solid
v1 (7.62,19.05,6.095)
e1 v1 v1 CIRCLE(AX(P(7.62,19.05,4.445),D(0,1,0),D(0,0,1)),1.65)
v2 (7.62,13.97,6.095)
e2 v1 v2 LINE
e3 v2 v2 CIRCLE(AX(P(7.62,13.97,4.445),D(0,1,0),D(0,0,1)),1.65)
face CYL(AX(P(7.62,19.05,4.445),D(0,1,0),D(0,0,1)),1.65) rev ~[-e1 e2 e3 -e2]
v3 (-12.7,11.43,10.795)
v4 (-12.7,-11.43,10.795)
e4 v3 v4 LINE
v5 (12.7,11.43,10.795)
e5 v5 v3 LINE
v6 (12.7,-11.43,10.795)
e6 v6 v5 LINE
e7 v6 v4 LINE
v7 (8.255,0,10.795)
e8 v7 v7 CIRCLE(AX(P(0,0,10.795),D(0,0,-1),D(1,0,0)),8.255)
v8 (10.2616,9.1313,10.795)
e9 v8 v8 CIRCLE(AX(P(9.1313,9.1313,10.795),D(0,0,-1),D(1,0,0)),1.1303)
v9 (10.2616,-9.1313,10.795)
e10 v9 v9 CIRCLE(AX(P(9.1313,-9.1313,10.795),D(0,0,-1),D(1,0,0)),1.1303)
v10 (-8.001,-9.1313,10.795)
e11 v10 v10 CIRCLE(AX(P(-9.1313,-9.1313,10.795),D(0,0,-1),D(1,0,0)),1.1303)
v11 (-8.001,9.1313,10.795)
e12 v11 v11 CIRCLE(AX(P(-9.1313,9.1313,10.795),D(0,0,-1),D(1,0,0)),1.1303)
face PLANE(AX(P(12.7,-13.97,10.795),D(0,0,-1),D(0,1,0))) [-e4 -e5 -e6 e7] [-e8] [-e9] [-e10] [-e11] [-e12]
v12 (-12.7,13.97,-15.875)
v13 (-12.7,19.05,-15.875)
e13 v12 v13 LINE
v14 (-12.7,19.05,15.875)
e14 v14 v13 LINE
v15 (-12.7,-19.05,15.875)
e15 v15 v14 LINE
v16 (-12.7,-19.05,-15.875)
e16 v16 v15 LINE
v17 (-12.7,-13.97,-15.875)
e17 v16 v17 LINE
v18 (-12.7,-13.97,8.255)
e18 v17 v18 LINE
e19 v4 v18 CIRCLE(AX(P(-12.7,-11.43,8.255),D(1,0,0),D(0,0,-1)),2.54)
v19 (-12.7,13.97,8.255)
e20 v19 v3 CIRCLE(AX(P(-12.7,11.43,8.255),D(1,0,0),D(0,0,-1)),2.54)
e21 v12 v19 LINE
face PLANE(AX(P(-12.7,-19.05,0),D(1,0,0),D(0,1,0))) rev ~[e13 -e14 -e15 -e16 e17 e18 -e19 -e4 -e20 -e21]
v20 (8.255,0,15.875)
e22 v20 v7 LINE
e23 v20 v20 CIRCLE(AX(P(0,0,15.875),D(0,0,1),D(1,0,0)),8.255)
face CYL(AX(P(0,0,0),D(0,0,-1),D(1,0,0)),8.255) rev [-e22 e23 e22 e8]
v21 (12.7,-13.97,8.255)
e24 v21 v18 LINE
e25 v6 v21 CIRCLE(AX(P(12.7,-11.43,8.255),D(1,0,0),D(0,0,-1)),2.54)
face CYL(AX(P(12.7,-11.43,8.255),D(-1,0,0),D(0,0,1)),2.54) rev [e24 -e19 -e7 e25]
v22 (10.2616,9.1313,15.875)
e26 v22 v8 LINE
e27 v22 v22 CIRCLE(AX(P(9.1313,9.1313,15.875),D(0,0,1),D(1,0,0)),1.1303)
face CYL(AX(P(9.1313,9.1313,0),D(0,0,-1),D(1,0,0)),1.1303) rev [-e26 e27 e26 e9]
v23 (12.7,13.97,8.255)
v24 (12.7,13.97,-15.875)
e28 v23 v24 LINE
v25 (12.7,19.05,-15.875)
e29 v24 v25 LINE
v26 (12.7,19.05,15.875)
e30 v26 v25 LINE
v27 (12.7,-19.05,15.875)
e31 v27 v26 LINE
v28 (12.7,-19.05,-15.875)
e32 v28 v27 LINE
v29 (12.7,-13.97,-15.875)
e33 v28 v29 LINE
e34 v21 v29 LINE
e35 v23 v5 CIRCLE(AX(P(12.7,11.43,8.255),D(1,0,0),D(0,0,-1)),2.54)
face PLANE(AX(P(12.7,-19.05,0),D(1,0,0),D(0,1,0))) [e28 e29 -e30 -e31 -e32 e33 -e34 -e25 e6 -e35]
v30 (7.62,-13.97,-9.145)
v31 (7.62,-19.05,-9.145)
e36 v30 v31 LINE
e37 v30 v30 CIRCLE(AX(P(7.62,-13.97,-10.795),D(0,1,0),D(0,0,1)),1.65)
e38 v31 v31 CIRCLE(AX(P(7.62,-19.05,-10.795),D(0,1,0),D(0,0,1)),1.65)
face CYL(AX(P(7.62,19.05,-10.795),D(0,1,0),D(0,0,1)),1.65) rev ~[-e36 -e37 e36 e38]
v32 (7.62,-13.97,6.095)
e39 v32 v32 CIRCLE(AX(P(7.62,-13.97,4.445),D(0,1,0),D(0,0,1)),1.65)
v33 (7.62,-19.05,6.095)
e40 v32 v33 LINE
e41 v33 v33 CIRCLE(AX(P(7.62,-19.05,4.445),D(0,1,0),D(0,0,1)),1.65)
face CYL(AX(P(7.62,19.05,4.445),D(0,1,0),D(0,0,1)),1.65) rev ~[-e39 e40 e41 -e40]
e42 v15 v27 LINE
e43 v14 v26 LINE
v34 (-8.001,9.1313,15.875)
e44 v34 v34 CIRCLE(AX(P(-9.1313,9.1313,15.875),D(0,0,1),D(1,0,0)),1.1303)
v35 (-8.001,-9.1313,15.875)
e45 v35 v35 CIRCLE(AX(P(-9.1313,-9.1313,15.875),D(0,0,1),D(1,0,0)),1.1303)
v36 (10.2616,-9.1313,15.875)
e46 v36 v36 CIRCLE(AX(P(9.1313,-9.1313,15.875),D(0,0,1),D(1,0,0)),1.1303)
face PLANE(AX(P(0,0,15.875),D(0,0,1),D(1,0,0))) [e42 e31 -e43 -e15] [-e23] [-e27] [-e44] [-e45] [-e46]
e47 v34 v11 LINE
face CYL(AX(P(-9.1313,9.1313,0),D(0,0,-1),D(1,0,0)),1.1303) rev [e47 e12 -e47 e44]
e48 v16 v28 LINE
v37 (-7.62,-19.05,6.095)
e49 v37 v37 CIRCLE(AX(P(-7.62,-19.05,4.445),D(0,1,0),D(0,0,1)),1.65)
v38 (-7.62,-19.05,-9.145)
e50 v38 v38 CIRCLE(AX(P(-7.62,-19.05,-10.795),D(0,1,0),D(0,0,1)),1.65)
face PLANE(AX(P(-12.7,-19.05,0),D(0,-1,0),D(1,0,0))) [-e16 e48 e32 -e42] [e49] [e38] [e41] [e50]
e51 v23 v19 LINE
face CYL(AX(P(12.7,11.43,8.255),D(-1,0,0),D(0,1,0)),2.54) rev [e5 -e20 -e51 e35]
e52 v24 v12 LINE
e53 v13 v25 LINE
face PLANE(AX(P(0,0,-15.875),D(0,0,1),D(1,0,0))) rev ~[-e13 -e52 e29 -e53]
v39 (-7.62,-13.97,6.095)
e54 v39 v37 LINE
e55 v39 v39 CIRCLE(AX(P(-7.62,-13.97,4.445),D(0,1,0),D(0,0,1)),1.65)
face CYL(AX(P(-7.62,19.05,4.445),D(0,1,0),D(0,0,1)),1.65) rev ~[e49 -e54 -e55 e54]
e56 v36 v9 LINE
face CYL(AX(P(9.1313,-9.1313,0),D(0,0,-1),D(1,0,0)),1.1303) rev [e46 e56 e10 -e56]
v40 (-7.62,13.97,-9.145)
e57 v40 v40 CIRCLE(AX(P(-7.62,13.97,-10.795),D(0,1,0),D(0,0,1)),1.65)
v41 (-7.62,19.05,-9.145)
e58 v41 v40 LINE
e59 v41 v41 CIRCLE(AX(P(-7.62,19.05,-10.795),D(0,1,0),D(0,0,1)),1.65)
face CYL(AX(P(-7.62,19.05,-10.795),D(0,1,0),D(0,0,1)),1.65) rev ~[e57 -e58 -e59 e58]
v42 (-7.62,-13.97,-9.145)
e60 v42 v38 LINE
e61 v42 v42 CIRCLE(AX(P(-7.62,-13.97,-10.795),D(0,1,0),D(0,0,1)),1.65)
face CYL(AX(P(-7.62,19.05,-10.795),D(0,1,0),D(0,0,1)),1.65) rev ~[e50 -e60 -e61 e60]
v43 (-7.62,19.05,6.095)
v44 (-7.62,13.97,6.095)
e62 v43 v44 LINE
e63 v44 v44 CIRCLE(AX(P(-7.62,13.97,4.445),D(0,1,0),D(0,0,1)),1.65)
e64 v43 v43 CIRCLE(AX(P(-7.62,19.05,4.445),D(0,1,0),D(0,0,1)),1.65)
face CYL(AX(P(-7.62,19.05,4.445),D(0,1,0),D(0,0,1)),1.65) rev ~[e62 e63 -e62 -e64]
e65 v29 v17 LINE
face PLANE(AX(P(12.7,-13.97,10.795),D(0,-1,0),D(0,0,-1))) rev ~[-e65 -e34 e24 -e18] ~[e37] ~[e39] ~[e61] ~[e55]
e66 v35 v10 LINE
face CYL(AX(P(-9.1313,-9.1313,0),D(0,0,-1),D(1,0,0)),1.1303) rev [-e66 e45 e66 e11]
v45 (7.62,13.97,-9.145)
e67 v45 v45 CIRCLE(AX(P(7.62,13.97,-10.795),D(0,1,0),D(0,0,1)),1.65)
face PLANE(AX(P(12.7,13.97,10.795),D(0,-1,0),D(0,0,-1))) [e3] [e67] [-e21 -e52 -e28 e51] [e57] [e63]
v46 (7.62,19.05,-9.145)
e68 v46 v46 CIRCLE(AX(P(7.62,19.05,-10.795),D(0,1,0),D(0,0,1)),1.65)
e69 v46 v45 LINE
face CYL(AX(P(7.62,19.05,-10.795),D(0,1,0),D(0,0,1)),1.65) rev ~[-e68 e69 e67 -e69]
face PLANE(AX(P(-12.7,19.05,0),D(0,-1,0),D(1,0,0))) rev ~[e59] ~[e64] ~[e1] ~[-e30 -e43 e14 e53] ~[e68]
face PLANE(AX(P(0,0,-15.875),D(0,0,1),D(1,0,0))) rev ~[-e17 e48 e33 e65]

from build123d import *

# Parameters (mm, degrees)
SKETCH1_W                                    = 25.4
SKETCH1_H                                    = 38.1
SKETCH1_R                                    = 8.255
SKETCH1_R_2                                  = 1.1303
BOSS_EXTRUDE_WITH_4_40_TAP_DRILL_HOLES_DEPTH = 15.875
CUT_EXTRUDE1_REACH                           = 37.498
SKETCH3_W                                    = 26.67
SKETCH3_H                                    = 27.94
FILLET1_R                                    = 2.54
SKETCH5_R                                    = 1.65
CLEARANCE_HOLES_FOR_M3_SCREW_DEPTH           = 44.184668865


with BuildPart() as part:
    # Sketch1 → Boss-Extrude with 4-40 Tap Drill Holes (new, symmetric)
    with BuildSketch(Plane.XY):
        Rectangle(SKETCH1_W, SKETCH1_H)
        Circle(SKETCH1_R, mode=Mode.SUBTRACT)
        with Locations((-9.1313, 9.1313)):
            Circle(SKETCH1_R_2, mode=Mode.SUBTRACT)
        with Locations((9.1313, 9.1313)):
            Circle(SKETCH1_R_2, mode=Mode.SUBTRACT)
        with Locations((-9.1313, -9.1313)):
            Circle(SKETCH1_R_2, mode=Mode.SUBTRACT)
        with Locations((9.1313, -9.1313)):
            Circle(SKETCH1_R_2, mode=Mode.SUBTRACT)
    extrude(amount=BOSS_EXTRUDE_WITH_4_40_TAP_DRILL_HOLES_DEPTH, both=True)

    # Sketch3 → Cut-Extrude1 (cut, up to next)
    with BuildSketch(Plane(origin=(12.7, 0, 0), x_dir=(0, 0, -1), z_dir=(1, 0, 0)), mode=Mode.PRIVATE) as cut_extrude1_sk1:
        with Locations((2.54, 0)):
            Rectangle(SKETCH3_W, SKETCH3_H)
    cut_extrude1_tool1 = extrude(cut_extrude1_sk1.sketch, amount=-CUT_EXTRUDE1_REACH, mode=Mode.PRIVATE) & part.part
    add(cut_extrude1_tool1.solids().sort_by_distance((12.7, 0, -2.54))[0], mode=Mode.SUBTRACT)

    # Fillet1
    fillet1_edges = [part.edges().sort_by_distance(p)[0] for p in [
        (0, -13.97, 10.795),
        (0, 13.97, 10.795),
    ]]
    fillet(fillet1_edges, radius=FILLET1_R)

    # Sketch5 → Clearance Holes for M3 Screw (cut, through all)
    with BuildSketch(Plane(origin=(0, 19.05, 0), x_dir=(1, 0, 0), z_dir=(0, 1, 0))):
        with Locations(Location((-7.62, 10.795, 0), (0, 0, 270))):
            Circle(SKETCH5_R)
        with Locations(Location((-7.62, -4.445, 0), (0, 0, 270))):
            Circle(SKETCH5_R)
        with Locations(Location((7.62, -4.445, 0), (0, 0, 270))):
            Circle(SKETCH5_R)
        with Locations(Location((7.62, 10.795, 0), (0, 0, 270))):
            Circle(SKETCH5_R)
    extrude(amount=-CLEARANCE_HOLES_FOR_M3_SCREW_DEPTH, mode=Mode.SUBTRACT)


solid = part.part
